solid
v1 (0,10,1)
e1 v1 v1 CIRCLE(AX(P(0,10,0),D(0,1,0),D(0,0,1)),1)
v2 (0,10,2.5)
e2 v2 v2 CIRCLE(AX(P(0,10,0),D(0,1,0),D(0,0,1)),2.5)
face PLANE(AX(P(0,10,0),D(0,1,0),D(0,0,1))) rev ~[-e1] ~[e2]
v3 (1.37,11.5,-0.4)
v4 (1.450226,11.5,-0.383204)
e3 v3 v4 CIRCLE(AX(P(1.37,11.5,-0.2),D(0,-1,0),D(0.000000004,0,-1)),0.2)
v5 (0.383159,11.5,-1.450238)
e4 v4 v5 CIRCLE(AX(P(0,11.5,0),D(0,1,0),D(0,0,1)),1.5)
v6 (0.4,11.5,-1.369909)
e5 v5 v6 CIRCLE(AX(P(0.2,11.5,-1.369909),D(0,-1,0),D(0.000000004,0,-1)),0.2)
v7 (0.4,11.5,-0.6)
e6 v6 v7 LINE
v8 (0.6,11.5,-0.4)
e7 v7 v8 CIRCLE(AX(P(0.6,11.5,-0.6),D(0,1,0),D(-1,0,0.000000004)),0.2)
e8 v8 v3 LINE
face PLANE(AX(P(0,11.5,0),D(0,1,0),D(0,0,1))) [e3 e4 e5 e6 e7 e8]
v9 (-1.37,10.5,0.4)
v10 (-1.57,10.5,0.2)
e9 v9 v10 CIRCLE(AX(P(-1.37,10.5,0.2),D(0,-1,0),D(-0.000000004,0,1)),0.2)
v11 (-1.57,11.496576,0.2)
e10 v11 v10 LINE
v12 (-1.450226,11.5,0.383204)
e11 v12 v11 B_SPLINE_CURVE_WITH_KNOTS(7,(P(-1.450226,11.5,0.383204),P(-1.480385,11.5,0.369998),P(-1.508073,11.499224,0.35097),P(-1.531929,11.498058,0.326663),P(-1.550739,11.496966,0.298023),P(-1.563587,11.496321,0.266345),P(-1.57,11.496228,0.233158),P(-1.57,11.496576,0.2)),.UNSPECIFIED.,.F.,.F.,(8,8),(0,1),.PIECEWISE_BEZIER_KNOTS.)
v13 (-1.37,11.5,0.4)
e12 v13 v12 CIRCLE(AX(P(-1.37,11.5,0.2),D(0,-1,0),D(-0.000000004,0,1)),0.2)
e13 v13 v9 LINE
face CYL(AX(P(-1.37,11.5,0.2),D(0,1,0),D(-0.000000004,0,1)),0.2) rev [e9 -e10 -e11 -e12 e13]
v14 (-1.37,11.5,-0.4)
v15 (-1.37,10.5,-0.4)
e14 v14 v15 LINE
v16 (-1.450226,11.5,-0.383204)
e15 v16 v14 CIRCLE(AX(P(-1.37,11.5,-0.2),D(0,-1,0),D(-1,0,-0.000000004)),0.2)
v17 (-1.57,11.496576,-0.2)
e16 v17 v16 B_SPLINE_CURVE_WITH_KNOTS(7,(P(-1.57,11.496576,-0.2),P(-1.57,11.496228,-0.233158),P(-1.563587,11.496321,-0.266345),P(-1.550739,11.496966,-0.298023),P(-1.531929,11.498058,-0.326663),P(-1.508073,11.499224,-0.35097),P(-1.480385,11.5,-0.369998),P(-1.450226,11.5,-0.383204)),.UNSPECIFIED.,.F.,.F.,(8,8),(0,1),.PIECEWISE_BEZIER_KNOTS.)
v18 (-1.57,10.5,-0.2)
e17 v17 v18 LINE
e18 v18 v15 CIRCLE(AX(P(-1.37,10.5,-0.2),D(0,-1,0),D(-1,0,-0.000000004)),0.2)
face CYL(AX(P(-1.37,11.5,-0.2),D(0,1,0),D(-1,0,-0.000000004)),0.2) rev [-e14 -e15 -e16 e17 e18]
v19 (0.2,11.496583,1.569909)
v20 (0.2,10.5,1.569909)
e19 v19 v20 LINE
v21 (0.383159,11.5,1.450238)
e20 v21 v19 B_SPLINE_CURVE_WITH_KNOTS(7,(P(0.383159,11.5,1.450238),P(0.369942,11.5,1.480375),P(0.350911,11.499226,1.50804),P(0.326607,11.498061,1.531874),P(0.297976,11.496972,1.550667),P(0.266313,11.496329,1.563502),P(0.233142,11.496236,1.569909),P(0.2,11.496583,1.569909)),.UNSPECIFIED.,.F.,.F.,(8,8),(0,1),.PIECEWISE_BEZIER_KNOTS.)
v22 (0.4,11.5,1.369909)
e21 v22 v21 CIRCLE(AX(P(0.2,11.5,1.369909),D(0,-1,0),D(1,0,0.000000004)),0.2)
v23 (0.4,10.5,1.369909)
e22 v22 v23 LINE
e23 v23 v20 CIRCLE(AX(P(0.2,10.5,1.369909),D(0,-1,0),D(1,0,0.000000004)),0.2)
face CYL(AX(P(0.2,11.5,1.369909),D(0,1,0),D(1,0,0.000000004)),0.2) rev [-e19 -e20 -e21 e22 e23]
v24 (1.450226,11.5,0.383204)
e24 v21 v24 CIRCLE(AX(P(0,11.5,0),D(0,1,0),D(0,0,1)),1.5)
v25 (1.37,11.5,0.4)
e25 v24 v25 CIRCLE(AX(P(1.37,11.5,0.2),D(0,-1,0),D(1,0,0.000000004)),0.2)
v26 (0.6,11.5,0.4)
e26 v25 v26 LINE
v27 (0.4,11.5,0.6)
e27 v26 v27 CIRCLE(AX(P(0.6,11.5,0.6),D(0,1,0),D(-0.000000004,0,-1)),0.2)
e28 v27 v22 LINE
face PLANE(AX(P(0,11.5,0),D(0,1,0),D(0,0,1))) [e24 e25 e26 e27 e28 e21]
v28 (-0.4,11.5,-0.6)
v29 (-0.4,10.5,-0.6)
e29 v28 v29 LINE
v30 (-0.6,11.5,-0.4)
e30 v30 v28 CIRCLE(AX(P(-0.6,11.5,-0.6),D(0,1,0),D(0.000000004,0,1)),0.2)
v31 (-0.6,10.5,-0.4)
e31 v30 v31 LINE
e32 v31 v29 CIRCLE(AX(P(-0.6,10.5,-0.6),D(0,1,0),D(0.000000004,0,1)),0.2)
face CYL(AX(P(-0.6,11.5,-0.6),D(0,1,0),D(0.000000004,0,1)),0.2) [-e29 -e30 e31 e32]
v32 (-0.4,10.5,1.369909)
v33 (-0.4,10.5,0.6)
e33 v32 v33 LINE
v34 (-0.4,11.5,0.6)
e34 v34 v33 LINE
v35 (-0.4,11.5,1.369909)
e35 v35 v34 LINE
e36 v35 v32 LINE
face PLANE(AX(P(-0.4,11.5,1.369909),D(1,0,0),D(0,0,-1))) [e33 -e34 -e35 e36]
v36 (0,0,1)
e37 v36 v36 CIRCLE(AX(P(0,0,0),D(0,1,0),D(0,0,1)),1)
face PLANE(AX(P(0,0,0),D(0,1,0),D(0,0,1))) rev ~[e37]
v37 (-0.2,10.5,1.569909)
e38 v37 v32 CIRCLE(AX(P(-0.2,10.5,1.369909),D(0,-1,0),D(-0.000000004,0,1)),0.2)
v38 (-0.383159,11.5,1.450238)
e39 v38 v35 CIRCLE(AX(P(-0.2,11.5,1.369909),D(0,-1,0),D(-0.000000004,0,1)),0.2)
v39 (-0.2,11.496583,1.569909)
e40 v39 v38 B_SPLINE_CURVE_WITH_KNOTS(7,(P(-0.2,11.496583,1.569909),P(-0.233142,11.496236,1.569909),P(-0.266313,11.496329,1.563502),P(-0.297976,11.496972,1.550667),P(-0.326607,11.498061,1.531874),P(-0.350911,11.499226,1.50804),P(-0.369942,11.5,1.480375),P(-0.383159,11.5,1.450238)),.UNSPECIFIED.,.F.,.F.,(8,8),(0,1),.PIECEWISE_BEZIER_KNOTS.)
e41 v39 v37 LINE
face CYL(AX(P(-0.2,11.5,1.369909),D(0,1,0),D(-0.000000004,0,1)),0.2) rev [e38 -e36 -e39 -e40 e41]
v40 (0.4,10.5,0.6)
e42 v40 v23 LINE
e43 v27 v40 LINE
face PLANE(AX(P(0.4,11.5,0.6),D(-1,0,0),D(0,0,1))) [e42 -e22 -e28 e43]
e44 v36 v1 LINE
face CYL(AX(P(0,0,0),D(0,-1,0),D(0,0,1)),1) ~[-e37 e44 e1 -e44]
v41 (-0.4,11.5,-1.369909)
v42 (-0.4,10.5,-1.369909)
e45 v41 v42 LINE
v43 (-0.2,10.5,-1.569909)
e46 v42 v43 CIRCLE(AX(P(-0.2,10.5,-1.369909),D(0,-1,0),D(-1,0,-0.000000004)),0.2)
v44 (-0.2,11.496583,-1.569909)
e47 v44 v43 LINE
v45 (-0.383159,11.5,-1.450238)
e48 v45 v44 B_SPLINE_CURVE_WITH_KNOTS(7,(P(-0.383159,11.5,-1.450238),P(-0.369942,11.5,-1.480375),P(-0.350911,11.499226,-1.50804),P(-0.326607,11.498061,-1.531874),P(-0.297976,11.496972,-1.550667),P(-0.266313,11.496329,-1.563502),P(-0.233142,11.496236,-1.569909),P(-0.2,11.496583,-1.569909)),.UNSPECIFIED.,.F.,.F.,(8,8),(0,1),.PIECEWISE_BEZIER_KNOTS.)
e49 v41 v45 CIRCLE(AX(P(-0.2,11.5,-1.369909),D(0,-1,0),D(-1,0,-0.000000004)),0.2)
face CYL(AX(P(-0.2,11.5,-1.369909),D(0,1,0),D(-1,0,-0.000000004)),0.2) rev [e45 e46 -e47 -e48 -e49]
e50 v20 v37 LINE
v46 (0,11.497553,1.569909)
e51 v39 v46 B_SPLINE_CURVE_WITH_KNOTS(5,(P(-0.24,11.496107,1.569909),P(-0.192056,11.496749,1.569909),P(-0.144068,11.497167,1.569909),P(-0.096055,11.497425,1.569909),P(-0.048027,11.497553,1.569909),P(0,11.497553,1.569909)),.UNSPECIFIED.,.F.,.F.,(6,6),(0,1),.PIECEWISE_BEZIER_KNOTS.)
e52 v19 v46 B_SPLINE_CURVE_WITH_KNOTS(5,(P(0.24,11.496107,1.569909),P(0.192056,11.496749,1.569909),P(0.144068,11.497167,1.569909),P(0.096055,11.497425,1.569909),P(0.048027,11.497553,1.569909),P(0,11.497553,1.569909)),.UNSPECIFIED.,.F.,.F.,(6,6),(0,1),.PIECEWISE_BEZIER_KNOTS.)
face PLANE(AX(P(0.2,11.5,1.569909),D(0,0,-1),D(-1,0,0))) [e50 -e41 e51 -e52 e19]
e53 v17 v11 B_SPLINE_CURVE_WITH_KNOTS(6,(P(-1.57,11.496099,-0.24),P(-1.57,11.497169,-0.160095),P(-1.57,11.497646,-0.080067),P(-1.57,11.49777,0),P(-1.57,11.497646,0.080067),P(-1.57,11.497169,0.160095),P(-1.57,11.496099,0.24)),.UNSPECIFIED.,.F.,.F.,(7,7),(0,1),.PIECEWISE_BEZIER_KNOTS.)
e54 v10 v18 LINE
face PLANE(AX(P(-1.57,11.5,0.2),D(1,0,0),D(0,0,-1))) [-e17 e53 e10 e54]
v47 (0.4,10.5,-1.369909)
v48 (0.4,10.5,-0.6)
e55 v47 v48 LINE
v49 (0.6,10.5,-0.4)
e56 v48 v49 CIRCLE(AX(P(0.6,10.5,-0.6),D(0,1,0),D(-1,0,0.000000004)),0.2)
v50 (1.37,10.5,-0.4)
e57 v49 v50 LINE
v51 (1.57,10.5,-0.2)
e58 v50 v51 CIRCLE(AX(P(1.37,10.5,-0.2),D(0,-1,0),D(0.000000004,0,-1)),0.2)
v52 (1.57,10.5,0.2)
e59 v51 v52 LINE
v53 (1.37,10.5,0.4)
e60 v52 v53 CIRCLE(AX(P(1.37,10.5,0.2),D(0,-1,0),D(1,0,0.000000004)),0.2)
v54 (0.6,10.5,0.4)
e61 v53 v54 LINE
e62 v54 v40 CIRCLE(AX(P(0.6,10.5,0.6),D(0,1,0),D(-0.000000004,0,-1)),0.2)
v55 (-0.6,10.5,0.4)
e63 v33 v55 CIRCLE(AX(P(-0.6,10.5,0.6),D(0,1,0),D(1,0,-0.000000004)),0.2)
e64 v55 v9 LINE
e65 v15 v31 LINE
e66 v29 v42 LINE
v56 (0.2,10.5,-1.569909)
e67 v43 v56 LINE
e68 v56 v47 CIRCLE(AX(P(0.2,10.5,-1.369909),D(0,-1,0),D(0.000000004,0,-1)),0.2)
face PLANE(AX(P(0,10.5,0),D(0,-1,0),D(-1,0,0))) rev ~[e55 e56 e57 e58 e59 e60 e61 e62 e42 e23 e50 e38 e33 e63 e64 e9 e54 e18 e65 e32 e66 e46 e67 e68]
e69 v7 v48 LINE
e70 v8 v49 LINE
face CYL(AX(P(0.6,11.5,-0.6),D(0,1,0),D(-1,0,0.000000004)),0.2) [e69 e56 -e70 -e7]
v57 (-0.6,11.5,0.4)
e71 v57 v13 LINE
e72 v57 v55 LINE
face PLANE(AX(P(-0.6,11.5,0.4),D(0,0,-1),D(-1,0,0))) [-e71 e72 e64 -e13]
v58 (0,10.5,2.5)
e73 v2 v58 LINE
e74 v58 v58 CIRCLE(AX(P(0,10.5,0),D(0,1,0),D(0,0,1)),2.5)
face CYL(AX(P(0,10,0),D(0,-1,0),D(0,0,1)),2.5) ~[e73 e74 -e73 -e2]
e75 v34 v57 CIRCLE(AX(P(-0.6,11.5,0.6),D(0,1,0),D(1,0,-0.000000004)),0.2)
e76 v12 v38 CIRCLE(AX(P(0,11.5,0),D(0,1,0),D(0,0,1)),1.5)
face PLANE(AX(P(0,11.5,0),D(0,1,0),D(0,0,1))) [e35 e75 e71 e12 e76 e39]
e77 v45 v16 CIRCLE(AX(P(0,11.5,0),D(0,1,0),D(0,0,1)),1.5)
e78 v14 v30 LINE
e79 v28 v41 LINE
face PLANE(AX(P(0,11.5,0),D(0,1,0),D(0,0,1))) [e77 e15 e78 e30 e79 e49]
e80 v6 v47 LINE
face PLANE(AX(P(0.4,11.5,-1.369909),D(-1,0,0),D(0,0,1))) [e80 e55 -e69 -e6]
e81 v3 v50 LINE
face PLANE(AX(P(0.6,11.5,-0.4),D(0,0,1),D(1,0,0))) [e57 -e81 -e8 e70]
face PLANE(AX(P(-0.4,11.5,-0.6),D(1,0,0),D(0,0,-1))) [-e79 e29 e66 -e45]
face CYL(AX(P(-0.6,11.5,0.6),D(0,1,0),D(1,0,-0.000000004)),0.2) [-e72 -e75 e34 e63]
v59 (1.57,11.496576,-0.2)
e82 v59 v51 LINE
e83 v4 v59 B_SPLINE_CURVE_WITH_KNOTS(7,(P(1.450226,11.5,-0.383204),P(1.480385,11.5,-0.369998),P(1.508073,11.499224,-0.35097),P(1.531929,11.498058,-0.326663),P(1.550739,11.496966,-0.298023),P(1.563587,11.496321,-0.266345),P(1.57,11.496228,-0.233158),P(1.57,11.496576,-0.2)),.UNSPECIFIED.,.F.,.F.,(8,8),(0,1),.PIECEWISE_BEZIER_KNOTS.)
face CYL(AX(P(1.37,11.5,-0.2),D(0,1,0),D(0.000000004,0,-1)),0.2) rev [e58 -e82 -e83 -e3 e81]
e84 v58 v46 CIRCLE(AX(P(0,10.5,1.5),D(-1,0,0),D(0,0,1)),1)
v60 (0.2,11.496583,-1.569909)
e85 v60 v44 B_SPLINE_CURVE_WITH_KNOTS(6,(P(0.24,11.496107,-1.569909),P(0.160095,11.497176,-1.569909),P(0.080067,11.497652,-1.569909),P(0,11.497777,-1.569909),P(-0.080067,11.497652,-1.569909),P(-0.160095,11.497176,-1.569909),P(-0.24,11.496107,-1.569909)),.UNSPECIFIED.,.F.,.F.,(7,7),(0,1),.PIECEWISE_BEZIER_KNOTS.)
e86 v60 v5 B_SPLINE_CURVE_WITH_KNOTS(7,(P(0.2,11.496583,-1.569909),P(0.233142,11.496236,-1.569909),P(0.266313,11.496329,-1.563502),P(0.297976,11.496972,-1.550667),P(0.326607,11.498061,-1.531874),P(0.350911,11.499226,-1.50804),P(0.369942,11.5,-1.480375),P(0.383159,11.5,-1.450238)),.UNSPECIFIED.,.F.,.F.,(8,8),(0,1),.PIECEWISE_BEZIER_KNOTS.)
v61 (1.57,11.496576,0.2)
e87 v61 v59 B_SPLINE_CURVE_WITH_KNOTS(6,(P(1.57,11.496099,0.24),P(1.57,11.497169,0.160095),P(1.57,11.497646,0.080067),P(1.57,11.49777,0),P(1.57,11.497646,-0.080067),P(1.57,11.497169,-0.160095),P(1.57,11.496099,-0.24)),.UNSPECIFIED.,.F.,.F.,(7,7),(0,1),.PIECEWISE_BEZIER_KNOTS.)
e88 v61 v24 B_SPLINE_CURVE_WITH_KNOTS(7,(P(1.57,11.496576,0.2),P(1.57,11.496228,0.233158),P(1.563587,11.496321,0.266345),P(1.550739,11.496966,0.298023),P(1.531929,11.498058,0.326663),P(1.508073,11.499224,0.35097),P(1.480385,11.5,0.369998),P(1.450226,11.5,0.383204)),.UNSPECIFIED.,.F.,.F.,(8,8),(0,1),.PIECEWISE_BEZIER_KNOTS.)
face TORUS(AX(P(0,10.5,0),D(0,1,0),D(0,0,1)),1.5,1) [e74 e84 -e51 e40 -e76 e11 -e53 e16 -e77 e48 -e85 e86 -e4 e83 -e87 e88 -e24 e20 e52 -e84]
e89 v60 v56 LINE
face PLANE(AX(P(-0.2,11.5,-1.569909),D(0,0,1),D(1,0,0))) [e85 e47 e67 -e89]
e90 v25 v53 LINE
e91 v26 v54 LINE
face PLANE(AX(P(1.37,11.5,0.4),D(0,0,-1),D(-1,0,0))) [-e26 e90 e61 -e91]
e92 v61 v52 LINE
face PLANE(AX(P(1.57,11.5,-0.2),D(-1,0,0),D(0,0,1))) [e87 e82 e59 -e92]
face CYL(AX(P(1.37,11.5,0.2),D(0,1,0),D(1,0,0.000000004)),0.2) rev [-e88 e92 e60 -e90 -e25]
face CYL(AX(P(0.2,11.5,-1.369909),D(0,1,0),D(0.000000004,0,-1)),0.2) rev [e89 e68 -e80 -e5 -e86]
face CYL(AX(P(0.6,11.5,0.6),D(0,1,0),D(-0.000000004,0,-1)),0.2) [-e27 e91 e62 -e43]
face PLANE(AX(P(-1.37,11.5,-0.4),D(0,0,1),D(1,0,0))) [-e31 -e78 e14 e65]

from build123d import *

# Parameters (mm, degrees)
SKETCH1_R           = 1
BOSS_EXTRUDE1_DEPTH = 10
SKETCH2_R           = 2.5
BOSS_EXTRUDE2_DEPTH = 1.5
FILLET1_R           = 1
CUT_EXTRUDE1_DEPTH  = 1


with BuildPart() as part:
    # Sketch1 → Boss-Extrude1 (new body)
    with BuildSketch(Plane(origin=(0, 0, 0), x_dir=(1, 0, 0), z_dir=(0, 1, 0))):
        with Locations(Location((0, 0, 0), (0, 0, 270))):
            Circle(SKETCH1_R)
    extrude(amount=BOSS_EXTRUDE1_DEPTH)

    # Sketch2 → Boss-Extrude2 (add)
    with BuildSketch(Plane(origin=(0, 10, 0), x_dir=(1, 0, 0), z_dir=(0, 1, 0))):
        with Locations(Location((0, 0, 0), (0, 0, 270))):
            Circle(SKETCH2_R)
    extrude(amount=BOSS_EXTRUDE2_DEPTH)

    # Fillet1
    fillet1_edges = [part.edges().sort_by_distance(p)[0] for p in [
        (0, 11.5, -2.5),
    ]]
    fillet(fillet1_edges, radius=FILLET1_R)

    # Sketch3 → Cut-Extrude1 (cut)
    with BuildSketch(Plane(origin=(0, 11.5, 0), x_dir=(1, 0, 0), z_dir=(0, 1, 0))):
        with BuildLine():
            Line((-0.4, 0.6), (-0.4, 1.369908904))
            ThreePointArc((-0.4, 1.369908904), (-0.341421356, 1.51133026), (-0.2, 1.569908904))
            Line((-0.2, 1.569908904), (0.2, 1.569908904))
            ThreePointArc((0.2, 1.569908904), (0.341421356, 1.51133026), (0.4, 1.369908904))
            Line((0.4, 1.369908904), (0.4, 0.6))
            ThreePointArc((0.4, 0.6), (0.458578644, 0.458578644), (0.6, 0.4))
            Line((0.6, 0.4), (1.37, 0.4))
            ThreePointArc((1.37, 0.4), (1.511421356, 0.341421356), (1.57, 0.2))
            Line((1.57, 0.2), (1.57, -0.2))
            ThreePointArc((1.57, -0.2), (1.511421356, -0.341421356), (1.37, -0.4))
            Line((1.37, -0.4), (0.6, -0.4))
            ThreePointArc((0.6, -0.4), (0.458578644, -0.458578644), (0.4, -0.6))
            Line((0.4, -0.6), (0.4, -1.369908904))
            ThreePointArc((0.4, -1.369908904), (0.341421356, -1.51133026), (0.2, -1.569908904))
            Line((0.2, -1.569908904), (-0.2, -1.569908904))
            ThreePointArc((-0.2, -1.569908904), (-0.341421356, -1.51133026), (-0.4, -1.369908904))
            Line((-0.4, -1.369908904), (-0.4, -0.6))
            ThreePointArc((-0.4, -0.6), (-0.458578644, -0.458578644), (-0.6, -0.4))
            Line((-0.6, -0.4), (-1.37, -0.4))
            ThreePointArc((-1.37, -0.4), (-1.511421356, -0.341421356), (-1.57, -0.2))
            Line((-1.57, -0.2), (-1.57, 0.2))
            ThreePointArc((-1.57, 0.2), (-1.511421356, 0.341421356), (-1.37, 0.4))
            Line((-1.37, 0.4), (-0.6, 0.4))
            ThreePointArc((-0.6, 0.4), (-0.458578644, 0.458578644), (-0.4, 0.6))
        make_face()
    extrude(amount=-CUT_EXTRUDE1_DEPTH, mode=Mode.SUBTRACT)


solid = part.part
